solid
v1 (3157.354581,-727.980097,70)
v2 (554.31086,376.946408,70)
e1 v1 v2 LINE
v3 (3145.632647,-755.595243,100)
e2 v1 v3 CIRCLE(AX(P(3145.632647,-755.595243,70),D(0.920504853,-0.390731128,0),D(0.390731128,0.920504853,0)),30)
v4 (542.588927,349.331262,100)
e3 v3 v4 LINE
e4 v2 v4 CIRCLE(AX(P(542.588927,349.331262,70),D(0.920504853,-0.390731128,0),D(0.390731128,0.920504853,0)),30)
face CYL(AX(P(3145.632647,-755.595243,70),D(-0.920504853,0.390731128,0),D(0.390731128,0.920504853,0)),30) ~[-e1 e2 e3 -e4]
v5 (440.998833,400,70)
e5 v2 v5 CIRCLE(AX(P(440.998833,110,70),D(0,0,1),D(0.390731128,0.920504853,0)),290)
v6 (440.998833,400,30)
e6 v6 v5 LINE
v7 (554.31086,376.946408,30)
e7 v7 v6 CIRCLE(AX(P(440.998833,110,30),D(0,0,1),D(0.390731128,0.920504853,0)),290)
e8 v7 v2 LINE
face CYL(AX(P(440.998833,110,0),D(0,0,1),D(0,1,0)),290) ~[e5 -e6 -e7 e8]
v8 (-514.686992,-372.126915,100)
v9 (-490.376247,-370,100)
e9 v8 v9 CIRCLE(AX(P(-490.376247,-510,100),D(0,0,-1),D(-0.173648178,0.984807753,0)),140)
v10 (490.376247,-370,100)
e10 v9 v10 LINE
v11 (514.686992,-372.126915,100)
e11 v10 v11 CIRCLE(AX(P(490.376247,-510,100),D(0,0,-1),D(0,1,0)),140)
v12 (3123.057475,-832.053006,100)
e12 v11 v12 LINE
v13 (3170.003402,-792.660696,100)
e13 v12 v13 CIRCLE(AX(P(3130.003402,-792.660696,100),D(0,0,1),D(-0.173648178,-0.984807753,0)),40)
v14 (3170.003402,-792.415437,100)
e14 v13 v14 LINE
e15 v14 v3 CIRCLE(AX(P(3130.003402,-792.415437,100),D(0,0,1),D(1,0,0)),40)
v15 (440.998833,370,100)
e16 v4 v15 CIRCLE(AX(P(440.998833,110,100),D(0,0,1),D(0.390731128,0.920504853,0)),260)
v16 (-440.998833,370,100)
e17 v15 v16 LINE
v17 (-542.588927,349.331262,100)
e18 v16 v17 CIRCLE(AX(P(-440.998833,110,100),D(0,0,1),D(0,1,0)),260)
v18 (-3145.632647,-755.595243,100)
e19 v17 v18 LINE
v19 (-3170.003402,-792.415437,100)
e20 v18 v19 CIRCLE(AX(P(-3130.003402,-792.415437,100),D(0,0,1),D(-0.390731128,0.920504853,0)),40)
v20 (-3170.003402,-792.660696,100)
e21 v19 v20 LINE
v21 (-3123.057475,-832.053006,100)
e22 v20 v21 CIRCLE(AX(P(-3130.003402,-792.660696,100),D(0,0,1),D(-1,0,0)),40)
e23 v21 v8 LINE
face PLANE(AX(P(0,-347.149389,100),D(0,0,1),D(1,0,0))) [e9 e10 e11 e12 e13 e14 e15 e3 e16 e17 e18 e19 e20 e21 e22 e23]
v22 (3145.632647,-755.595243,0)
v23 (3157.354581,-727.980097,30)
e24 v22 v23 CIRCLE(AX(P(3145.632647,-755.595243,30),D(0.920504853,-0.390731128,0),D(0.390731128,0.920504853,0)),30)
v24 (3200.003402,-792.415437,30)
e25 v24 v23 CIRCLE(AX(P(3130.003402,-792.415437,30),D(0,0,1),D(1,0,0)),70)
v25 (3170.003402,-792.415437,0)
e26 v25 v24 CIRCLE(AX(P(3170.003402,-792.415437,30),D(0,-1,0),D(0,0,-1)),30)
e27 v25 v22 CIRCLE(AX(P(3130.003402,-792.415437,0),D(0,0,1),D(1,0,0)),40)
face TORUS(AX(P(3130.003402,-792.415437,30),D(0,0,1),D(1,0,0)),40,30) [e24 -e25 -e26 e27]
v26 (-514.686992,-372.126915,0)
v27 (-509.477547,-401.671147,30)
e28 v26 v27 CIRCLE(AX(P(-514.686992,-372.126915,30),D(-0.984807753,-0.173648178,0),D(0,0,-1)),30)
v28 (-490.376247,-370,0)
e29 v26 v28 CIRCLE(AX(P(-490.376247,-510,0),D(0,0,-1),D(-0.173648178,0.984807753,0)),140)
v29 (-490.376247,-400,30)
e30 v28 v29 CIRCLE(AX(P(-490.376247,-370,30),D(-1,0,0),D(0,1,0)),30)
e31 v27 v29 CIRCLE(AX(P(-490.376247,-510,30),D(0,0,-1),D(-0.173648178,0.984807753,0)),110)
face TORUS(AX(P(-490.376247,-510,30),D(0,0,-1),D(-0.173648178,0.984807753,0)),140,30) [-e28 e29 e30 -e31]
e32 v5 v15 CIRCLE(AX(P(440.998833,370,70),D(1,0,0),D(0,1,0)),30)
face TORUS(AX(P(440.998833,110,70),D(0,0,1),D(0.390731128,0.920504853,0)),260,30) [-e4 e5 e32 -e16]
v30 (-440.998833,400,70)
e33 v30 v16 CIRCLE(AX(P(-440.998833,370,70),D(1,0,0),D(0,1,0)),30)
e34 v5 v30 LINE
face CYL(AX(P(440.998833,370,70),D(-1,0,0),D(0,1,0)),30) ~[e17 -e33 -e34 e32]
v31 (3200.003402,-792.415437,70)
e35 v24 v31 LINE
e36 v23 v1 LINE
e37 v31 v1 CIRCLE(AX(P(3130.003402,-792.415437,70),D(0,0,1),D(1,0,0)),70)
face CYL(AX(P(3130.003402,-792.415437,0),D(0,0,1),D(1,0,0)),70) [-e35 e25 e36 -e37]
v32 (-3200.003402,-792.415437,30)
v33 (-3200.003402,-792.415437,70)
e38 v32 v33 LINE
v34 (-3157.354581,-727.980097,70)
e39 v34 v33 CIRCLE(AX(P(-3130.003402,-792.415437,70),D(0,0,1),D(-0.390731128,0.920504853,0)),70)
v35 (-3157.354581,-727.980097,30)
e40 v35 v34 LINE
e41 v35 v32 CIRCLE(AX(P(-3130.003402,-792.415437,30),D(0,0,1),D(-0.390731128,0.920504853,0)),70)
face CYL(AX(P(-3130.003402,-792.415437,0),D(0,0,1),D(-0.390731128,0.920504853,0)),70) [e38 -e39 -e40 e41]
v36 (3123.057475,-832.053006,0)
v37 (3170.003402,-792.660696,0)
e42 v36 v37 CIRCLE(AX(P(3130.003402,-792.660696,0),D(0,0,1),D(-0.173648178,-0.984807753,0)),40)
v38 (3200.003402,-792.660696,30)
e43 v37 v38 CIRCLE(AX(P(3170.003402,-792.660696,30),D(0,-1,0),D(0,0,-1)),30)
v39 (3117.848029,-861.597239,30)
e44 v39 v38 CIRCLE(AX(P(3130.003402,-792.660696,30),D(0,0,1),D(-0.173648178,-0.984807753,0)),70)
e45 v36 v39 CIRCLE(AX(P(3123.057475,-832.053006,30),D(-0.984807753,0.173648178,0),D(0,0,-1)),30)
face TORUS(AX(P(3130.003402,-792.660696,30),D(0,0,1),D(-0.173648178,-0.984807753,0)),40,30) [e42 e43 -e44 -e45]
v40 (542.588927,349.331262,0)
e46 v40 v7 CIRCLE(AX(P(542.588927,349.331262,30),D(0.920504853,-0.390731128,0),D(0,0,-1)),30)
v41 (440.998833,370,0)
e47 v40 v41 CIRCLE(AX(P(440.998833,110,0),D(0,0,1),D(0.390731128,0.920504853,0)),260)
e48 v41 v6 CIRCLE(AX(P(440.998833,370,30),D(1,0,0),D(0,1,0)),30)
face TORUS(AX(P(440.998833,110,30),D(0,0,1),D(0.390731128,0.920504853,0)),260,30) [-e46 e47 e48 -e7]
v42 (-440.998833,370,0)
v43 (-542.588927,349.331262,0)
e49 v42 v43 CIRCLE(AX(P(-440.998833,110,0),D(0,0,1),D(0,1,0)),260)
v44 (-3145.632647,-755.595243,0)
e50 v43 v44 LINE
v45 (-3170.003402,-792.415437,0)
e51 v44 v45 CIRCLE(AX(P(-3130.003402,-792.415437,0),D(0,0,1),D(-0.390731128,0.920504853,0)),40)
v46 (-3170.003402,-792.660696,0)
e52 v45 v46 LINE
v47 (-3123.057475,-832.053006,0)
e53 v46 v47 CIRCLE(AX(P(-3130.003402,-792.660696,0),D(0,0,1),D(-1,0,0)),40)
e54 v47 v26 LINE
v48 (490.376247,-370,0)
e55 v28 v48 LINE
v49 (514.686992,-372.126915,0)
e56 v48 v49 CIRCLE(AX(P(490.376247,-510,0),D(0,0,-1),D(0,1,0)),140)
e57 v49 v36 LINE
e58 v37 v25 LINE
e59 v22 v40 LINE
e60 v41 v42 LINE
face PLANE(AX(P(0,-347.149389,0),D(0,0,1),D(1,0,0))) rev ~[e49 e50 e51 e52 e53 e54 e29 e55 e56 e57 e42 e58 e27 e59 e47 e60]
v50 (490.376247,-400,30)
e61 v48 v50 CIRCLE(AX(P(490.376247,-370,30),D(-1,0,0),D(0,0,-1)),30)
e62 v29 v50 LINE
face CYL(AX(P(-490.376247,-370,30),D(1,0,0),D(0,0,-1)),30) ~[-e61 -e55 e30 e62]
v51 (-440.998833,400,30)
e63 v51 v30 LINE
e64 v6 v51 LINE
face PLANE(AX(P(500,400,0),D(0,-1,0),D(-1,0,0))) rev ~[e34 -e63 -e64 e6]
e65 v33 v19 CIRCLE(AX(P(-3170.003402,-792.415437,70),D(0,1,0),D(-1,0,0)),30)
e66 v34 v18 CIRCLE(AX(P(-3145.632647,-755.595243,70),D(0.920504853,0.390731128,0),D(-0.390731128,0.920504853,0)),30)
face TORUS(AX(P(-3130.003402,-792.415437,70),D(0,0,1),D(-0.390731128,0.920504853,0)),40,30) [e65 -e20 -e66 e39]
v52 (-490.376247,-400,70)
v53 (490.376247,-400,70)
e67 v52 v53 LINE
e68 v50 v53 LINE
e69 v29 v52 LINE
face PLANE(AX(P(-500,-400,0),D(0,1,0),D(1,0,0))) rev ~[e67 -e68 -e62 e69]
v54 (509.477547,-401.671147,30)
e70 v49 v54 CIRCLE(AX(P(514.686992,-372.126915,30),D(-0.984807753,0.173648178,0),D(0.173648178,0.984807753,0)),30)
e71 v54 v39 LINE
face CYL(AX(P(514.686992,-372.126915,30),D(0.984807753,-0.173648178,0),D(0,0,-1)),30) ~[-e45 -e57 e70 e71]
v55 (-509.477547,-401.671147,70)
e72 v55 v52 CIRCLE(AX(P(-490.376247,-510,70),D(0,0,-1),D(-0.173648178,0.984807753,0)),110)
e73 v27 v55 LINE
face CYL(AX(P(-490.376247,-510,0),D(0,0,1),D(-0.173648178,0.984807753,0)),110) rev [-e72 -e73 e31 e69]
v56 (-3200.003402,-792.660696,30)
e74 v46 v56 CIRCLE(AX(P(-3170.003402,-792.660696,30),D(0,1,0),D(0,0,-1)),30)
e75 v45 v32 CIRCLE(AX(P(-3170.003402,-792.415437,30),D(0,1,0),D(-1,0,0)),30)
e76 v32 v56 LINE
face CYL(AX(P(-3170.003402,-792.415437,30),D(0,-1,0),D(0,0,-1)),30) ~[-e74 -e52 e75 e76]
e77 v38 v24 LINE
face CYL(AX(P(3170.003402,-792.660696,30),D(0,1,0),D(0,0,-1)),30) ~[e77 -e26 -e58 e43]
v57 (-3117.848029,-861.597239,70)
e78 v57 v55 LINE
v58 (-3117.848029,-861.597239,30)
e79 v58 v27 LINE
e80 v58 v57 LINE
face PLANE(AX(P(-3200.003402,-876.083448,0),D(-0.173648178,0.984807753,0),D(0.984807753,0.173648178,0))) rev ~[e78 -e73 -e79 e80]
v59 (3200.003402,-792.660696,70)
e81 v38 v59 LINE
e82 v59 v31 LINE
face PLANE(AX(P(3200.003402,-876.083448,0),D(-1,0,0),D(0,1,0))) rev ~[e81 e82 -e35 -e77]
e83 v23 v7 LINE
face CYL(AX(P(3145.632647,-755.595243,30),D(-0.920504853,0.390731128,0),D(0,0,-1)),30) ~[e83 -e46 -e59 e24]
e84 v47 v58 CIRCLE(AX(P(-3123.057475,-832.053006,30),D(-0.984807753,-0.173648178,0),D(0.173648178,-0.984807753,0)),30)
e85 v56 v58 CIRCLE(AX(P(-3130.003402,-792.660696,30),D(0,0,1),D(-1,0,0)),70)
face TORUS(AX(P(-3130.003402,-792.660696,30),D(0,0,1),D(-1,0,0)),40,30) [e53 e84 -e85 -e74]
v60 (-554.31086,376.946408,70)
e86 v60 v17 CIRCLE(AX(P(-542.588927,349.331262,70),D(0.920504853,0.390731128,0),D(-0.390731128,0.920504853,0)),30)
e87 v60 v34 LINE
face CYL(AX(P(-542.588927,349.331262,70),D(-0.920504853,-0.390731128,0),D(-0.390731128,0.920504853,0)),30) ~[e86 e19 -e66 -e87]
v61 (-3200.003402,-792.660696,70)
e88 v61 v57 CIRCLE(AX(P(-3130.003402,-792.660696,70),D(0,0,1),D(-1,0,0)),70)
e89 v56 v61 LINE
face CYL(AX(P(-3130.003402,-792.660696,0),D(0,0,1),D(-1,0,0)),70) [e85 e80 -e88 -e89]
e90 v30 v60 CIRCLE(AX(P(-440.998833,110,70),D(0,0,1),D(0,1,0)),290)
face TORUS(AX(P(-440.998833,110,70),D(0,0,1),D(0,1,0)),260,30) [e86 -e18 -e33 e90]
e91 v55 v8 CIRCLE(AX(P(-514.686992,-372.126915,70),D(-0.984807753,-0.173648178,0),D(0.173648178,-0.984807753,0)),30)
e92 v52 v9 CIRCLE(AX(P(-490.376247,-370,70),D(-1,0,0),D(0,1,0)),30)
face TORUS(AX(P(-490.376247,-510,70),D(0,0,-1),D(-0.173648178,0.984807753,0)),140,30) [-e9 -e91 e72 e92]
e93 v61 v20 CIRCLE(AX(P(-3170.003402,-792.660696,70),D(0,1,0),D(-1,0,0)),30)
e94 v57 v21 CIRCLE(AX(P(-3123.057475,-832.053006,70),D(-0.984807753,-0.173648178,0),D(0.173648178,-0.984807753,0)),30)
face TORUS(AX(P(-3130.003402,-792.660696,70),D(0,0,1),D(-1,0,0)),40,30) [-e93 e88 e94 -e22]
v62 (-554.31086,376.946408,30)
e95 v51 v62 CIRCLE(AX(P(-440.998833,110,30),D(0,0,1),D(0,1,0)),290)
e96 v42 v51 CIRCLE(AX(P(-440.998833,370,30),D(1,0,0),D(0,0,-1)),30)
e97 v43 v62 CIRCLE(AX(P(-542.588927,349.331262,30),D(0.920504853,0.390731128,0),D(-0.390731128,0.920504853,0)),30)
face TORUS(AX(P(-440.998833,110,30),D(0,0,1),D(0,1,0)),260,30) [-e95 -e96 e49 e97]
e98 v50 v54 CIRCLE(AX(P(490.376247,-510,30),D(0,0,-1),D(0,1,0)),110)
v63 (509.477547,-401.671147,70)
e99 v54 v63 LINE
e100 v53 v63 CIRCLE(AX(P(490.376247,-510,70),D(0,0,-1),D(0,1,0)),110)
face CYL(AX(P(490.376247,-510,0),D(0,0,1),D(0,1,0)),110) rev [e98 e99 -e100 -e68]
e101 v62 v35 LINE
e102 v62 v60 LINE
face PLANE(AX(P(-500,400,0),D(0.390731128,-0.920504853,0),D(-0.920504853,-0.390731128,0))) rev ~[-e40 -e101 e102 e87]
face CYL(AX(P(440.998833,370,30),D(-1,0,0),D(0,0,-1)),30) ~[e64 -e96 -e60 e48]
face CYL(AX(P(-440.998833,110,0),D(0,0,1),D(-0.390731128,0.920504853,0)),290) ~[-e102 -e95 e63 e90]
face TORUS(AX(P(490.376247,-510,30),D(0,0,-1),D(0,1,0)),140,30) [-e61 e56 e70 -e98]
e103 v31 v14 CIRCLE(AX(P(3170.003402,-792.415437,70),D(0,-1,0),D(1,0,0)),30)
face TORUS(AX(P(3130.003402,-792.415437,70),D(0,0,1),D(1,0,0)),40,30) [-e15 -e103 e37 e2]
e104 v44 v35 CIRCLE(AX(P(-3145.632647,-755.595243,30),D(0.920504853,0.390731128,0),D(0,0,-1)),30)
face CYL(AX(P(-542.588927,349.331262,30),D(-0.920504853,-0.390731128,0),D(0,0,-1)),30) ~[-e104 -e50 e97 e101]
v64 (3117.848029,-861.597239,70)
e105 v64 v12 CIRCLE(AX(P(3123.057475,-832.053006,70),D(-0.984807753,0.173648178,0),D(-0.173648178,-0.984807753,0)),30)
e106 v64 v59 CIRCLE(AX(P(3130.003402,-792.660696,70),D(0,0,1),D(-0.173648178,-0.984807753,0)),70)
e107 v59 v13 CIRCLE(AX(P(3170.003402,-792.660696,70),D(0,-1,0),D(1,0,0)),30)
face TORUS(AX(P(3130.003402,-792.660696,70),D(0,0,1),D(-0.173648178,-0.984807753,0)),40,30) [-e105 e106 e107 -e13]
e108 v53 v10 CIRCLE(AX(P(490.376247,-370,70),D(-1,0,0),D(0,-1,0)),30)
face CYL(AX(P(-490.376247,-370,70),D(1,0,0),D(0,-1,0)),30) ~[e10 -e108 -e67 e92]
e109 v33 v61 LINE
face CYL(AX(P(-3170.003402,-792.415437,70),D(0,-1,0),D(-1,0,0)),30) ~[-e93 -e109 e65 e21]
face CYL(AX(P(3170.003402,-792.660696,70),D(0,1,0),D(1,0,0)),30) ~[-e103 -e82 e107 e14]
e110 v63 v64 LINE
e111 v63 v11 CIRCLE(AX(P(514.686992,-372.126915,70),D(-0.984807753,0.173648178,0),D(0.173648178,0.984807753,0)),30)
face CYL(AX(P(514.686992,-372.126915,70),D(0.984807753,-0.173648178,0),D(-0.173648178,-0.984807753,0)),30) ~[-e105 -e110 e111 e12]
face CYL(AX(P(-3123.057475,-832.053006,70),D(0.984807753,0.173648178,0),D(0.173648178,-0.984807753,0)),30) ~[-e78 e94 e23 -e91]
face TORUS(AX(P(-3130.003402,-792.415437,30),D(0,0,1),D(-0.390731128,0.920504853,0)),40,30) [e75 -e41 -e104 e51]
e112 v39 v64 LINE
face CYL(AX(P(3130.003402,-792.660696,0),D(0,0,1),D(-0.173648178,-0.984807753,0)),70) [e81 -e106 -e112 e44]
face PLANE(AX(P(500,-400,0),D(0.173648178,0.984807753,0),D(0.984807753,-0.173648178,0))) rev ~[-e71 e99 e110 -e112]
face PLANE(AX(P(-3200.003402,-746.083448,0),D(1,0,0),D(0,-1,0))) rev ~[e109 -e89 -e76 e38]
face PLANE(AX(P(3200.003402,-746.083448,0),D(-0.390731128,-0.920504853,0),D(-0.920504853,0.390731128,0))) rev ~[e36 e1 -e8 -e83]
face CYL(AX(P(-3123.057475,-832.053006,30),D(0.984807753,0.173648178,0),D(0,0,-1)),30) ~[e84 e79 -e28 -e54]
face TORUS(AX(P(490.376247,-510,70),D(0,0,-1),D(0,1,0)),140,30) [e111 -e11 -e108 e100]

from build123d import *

# Parameters (mm, degrees)
BOSS_EXTRU_1_DEPTH = 100
CONG_1_R           = 70
CONG_2_R           = 110
CONG_3_R           = 290
CONG_4_R           = 30
CONG_5_R           = 30


with BuildPart() as part:
    # Esquisse1 → Boss.-Extru.1 (new body)
    with BuildSketch(Plane.XY):
        Polygon((-500, 400), (-3200.00340179, -746.08344774), (-3200.00340179, -876.08344774), (-500, -400), (500, -400), (3200.00340179, -876.08344774), (3200.00340179, -746.08344774), (500, 400), align=None)
    extrude(amount=BOSS_EXTRU_1_DEPTH)

    # Congé1
    cong_1_edges = [part.edges().sort_by_distance(p)[0] for p in [
        (3200.00340179, -746.08344774, 50),
        (3200.00340179, -876.08344774, 50),
        (-3200.00340179, -876.08344774, 50),
        (-3200.00340179, -746.08344774, 50),
    ]]
    fillet(cong_1_edges, radius=CONG_1_R)

    # Congé2
    cong_2_edges = [part.edges().sort_by_distance(p)[0] for p in [
        (500, -400, 50),
        (-500, -400, 50),
    ]]
    fillet(cong_2_edges, radius=CONG_2_R)

    # Congé3
    cong_3_edges = [part.edges().sort_by_distance(p)[0] for p in [
        (-500, 400, 50),
        (500, 400, 50),
    ]]
    fillet(cong_3_edges, radius=CONG_3_R)

    # Congé4
    cong_4_edges = [part.edges().sort_by_distance(p)[0] for p in [
        (3200.00340179, -792.538066641, 100),
        (1855.832720607, -175.516844891, 100),
        (-3200.00340179, -792.538066641, 100),
        (-1813.662787955, -631.634193069, 100),
        (-3188.375409335, -753.779848052, 100),
        (-3174.998534468, -846.283807277, 100),
        (3188.375409335, -753.779848052, 100),
        (3174.998534468, -846.283807277, 100),
        (0, -400, 100),
        (1813.662787955, -631.634193069, 100),
        (-499.963378714, -400.41858321, 100),
        (499.963378714, -400.41858321, 100),
        (-1855.832720607, -175.516844891, 100),
        (0, 400, 100),
        (498.815534148, 394.17816434, 100),
        (-498.815534148, 394.17816434, 100),
    ]]
    fillet(cong_4_edges, radius=CONG_4_R)

    # Congé5
    cong_5_edges = [part.edges().sort_by_distance(p)[0] for p in [
        (3200.00340179, -792.538066641, 0),
        (1855.832720607, -175.516844891, 0),
        (-1813.662787955, -631.634193069, 0),
        (-3200.00340179, -792.538066641, 0),
        (-3188.375409335, -753.779848052, 0),
        (-3174.998534468, -846.283807277, 0),
        (3188.375409335, -753.779848052, 0),
        (3174.998534468, -846.283807277, 0),
        (0, -400, 0),
        (1813.662787955, -631.634193069, 0),
        (-499.963378714, -400.41858321, 0),
        (499.963378714, -400.41858321, 0),
        (-1855.832720607, -175.516844891, 0),
        (0, 400, 0),
        (498.815534148, 394.17816434, 0),
        (-498.815534148, 394.17816434, 0),
    ]]
    fillet(cong_5_edges, radius=CONG_5_R)


solid = part.part
